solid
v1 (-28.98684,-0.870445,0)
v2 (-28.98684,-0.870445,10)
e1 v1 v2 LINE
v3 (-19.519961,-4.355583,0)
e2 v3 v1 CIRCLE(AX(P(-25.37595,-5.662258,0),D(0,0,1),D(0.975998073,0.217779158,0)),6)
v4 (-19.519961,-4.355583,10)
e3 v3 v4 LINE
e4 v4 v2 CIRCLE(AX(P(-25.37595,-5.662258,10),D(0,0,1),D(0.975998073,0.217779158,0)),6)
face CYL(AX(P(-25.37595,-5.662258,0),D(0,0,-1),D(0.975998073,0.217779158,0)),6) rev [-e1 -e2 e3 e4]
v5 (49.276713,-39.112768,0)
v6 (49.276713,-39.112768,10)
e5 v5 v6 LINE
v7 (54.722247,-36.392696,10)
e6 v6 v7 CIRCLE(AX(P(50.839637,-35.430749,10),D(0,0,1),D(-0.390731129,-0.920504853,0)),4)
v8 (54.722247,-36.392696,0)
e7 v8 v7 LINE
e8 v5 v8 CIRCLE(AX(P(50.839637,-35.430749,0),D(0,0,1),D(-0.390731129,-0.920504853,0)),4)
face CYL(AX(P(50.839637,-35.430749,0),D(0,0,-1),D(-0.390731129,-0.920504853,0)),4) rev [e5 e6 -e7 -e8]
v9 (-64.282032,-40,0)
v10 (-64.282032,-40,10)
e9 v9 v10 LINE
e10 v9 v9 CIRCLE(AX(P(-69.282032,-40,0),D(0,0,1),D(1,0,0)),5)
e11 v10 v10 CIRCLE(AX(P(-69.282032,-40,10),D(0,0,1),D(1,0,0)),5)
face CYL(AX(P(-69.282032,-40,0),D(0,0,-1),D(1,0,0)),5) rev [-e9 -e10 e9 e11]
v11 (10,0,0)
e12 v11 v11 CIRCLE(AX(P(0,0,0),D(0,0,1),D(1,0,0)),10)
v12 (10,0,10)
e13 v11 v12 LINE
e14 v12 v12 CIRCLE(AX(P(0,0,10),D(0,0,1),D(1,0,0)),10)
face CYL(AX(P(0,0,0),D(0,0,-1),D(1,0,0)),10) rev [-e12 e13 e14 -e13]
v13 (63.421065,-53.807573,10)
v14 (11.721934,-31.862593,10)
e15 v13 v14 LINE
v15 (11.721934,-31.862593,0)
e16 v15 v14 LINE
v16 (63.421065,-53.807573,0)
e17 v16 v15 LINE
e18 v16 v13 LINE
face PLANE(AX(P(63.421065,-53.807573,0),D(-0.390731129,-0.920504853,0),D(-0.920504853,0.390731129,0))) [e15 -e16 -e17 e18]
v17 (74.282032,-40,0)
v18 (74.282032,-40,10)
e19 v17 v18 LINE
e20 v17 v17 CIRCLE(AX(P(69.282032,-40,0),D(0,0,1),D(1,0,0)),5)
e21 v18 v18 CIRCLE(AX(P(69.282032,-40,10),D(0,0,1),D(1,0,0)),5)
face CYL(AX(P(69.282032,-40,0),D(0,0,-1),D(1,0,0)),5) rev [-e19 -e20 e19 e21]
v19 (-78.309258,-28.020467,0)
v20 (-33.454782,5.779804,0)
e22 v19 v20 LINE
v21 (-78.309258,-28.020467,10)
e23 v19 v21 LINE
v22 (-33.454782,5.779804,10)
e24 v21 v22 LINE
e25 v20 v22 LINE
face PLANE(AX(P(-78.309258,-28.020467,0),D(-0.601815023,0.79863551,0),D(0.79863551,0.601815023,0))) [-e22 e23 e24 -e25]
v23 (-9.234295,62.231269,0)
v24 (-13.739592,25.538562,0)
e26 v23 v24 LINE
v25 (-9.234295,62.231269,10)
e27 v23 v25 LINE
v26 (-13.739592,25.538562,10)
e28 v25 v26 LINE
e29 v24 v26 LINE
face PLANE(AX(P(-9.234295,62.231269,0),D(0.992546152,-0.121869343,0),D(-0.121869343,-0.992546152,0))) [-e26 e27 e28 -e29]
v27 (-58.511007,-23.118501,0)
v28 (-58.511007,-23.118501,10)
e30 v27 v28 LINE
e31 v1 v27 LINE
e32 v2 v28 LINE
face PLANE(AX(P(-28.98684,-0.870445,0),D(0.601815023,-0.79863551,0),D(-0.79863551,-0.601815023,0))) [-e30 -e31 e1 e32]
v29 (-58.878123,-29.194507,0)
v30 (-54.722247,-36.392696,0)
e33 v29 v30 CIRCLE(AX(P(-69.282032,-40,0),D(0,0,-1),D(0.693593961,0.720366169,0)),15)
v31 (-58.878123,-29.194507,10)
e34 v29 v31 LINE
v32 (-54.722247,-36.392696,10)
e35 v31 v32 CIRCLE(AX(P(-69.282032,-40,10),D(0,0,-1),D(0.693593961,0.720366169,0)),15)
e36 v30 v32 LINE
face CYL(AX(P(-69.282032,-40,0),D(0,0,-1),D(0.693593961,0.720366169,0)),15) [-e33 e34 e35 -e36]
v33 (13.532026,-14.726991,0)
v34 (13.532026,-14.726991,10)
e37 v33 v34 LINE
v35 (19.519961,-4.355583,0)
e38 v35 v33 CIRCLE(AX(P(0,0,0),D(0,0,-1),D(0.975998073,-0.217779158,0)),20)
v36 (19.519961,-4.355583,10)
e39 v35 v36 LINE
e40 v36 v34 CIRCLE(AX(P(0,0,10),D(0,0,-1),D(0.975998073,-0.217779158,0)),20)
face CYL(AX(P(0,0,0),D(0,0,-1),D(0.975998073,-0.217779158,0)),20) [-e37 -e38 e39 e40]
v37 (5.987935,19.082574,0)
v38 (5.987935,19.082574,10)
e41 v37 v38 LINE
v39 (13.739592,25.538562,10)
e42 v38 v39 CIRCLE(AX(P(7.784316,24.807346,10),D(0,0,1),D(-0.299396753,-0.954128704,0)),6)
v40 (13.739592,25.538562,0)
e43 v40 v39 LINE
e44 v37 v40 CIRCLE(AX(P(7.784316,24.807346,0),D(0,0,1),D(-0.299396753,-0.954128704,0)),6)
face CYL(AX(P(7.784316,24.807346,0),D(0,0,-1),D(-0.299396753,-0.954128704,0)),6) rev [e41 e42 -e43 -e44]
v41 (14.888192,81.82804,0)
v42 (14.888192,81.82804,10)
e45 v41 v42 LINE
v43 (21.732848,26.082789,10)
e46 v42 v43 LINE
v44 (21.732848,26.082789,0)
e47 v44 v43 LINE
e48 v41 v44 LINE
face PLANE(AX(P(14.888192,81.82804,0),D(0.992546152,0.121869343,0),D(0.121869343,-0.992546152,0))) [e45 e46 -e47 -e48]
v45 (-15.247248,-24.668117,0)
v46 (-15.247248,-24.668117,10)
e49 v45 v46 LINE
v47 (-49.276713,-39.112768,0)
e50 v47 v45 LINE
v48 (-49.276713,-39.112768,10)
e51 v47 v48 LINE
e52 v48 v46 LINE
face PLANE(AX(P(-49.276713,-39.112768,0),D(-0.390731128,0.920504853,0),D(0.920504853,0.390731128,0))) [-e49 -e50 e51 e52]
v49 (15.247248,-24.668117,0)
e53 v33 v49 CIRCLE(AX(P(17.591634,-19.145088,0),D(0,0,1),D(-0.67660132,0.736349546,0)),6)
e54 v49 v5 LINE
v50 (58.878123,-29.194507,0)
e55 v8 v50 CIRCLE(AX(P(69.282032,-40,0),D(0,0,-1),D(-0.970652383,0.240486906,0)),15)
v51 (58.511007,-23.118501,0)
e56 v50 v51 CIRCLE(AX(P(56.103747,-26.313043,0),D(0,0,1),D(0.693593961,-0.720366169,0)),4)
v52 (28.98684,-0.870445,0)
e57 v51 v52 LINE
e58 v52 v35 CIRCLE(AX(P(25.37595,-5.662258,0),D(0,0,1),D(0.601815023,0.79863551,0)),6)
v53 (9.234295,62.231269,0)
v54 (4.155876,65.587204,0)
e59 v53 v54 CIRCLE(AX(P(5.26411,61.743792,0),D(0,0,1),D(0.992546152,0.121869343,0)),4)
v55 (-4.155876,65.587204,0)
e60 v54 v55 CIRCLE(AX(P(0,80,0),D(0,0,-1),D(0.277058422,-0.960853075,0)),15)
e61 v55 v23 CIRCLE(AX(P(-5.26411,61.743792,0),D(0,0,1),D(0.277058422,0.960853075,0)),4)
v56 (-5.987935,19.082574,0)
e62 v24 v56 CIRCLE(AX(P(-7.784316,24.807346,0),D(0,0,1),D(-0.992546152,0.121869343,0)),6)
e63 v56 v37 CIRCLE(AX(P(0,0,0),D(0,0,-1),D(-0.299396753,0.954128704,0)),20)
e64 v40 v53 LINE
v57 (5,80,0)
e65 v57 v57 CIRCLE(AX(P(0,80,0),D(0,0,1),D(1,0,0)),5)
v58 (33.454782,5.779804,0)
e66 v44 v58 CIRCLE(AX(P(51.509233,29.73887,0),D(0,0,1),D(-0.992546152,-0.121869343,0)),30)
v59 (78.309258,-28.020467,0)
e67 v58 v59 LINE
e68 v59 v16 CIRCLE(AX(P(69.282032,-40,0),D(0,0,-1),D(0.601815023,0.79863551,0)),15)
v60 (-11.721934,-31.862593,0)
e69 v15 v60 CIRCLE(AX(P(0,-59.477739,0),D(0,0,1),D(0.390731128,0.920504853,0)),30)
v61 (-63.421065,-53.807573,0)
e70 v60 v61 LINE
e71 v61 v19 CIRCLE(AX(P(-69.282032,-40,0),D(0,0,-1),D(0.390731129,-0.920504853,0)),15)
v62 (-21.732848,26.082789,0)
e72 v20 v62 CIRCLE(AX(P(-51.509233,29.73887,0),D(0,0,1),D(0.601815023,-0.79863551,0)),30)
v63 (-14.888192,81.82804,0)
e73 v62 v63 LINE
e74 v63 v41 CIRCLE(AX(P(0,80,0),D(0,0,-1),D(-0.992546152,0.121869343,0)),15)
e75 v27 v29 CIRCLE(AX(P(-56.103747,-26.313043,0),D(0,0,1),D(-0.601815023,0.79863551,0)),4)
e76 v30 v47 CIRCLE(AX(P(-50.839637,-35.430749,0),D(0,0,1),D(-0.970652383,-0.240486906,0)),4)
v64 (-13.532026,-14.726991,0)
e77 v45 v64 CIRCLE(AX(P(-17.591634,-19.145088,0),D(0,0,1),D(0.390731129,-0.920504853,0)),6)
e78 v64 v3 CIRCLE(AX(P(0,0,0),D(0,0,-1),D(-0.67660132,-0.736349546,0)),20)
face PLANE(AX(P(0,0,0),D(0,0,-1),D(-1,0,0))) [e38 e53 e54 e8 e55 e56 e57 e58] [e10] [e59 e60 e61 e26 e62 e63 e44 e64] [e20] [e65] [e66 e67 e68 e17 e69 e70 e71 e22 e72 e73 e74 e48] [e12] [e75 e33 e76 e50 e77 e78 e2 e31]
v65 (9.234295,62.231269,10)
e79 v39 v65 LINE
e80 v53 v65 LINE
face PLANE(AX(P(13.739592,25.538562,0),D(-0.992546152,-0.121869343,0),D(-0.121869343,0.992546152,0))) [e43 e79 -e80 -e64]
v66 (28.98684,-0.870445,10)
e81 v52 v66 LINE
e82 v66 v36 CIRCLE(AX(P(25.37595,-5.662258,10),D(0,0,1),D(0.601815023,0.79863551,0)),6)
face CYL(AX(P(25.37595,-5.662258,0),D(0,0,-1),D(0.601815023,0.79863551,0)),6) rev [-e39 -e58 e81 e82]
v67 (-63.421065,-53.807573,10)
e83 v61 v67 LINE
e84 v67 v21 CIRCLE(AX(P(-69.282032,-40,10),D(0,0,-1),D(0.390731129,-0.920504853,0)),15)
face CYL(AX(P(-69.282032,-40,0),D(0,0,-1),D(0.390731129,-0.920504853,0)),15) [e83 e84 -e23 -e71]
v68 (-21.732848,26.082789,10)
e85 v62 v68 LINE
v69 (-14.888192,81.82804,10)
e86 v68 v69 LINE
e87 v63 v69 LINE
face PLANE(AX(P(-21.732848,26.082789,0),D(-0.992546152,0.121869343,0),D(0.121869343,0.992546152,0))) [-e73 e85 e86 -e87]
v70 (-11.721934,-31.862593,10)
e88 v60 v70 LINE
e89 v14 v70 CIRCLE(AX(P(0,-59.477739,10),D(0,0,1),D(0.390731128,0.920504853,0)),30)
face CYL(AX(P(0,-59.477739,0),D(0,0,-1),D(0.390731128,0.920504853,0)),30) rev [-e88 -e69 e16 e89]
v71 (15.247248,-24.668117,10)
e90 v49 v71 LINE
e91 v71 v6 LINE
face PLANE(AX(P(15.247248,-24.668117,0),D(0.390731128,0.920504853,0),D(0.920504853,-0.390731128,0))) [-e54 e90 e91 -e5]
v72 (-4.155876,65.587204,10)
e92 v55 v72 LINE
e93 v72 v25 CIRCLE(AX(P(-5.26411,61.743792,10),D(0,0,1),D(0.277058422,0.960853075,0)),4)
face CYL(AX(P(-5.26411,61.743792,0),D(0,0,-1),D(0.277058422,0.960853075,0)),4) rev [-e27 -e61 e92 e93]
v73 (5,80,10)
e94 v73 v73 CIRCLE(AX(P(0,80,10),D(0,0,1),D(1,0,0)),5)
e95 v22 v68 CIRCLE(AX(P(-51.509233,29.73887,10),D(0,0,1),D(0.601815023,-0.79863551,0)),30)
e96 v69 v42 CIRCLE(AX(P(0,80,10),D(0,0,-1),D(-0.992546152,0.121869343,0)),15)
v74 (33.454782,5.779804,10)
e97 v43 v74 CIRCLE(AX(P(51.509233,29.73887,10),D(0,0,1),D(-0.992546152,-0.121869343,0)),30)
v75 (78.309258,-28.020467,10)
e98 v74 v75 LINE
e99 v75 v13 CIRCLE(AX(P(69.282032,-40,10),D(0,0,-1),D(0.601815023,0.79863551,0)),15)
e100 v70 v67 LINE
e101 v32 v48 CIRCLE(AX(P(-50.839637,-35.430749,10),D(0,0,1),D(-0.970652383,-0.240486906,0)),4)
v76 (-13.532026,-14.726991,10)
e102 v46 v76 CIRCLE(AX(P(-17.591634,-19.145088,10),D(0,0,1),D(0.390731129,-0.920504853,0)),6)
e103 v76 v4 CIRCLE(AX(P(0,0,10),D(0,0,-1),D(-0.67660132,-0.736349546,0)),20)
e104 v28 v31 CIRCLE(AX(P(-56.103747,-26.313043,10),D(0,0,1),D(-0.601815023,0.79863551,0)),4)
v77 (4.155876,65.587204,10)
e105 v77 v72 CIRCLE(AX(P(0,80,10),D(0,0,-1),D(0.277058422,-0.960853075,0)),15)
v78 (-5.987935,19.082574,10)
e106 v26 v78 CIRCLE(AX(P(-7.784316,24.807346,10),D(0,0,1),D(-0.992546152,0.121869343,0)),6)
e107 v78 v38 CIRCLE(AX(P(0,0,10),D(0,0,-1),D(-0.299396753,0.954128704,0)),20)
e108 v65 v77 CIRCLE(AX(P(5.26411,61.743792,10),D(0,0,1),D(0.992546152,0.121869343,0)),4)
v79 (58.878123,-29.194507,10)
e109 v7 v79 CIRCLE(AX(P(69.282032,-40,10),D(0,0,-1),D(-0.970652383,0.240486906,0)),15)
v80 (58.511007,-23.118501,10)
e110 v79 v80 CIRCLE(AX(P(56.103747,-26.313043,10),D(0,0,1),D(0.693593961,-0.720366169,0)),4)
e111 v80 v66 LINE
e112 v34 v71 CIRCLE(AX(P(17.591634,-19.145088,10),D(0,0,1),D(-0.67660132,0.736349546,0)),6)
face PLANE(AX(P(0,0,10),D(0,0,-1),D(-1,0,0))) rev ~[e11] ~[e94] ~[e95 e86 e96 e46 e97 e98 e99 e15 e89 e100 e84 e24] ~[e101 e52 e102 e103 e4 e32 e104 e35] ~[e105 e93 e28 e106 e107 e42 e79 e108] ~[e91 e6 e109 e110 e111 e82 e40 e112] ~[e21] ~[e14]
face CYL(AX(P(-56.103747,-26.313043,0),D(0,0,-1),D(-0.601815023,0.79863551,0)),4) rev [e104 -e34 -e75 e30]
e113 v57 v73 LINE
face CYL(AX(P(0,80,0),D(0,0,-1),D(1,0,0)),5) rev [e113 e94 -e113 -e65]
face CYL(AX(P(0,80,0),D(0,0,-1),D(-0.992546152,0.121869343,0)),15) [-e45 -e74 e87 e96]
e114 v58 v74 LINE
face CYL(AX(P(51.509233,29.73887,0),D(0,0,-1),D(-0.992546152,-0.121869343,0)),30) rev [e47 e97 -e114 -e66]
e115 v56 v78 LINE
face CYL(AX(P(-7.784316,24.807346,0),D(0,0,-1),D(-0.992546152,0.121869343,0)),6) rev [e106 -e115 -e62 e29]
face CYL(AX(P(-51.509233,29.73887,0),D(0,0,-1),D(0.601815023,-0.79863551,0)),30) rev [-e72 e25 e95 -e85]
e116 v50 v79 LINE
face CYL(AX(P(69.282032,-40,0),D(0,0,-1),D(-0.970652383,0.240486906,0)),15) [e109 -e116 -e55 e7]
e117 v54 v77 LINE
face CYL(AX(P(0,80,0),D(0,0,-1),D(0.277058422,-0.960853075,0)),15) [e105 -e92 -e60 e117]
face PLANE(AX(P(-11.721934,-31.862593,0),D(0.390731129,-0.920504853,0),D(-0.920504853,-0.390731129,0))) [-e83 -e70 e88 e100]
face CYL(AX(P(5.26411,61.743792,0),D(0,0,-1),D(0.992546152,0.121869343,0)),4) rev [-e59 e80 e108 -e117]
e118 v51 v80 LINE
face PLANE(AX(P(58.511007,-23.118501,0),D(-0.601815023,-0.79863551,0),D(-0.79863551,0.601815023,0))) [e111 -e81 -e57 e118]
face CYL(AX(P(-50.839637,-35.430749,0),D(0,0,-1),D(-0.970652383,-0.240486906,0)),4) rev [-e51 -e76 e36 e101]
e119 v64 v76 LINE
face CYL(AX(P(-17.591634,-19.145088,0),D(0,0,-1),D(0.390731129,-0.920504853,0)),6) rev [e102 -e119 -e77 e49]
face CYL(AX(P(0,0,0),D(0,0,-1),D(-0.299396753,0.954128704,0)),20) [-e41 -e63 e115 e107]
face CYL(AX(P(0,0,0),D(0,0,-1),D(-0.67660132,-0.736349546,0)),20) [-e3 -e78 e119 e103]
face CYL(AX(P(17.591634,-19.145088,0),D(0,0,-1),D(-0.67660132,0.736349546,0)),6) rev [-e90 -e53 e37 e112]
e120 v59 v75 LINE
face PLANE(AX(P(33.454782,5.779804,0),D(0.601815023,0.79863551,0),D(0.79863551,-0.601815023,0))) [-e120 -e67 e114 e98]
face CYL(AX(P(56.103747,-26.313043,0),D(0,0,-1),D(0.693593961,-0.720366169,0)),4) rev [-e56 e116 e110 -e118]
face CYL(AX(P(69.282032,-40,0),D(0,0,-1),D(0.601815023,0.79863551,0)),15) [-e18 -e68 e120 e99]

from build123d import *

# Parameters (mm, degrees)
SKETCH1_R           = 5
SKETCH1_R_2         = 10
BOSS_EXTRUDE1_DEPTH = 10


with BuildPart() as part:
    # Sketch1 → Boss-Extrude1 (new body)
    with BuildSketch(Plane.XY):
        with BuildLine():
            ThreePointArc((-33.454782287, 5.779804226), (-25.528470868, 14.738869527), (-21.732848432, 26.082789225))
            Line((-21.732848432, 26.082789225), (-14.888192275, 81.828040151))
            ThreePointArc((-14.888192275, 81.828040151), (0, 95), (14.888192275, 81.828040151))
            Line((14.888192275, 81.828040151), (21.732848432, 26.082789225))
            ThreePointArc((21.732848432, 26.082789225), (25.528470868, 14.738869527), (33.454782287, 5.779804226))
            Line((33.454782287, 5.779804226), (78.30925765, -28.020467349))
            ThreePointArc((78.30925765, -28.020467349), (82.27241336, -47.5), (63.421065375, -53.807572802))
            Line((63.421065375, -53.807572802), (11.721933855, -31.862593451))
            ThreePointArc((11.721933855, -31.862593451), (0, -29.477739055), (-11.721933855, -31.862593451))
            Line((-11.721933855, -31.862593451), (-63.421065375, -53.807572802))
            ThreePointArc((-63.421065375, -53.807572802), (-82.27241336, -47.5), (-78.30925765, -28.020467349))
            Line((-78.30925765, -28.020467349), (-33.454782287, 5.779804226))
        make_face()
        with Locations((-69.282032303, -40)):
            Circle(SKETCH1_R, mode=Mode.SUBTRACT)
        with Locations((69.282032303, -40)):
            Circle(SKETCH1_R, mode=Mode.SUBTRACT)
        with Locations((0, 80)):
            Circle(SKETCH1_R, mode=Mode.SUBTRACT)
        Circle(SKETCH1_R_2, mode=Mode.SUBTRACT)
        with BuildLine():
            ThreePointArc((-4.155876324, 65.587203881), (-7.469391302, 65.0809662), (-9.234294617, 62.231268956))
            Line((-9.234294617, 62.231268956), (-13.739592483, 25.538562373))
            ThreePointArc((-13.739592483, 25.538562373), (-11.624113874, 20.196928868), (-5.987935057, 19.082574086))
            ThreePointArc((-5.987935057, 19.082574086), (0, 20), (5.987935057, 19.082574086))
            ThreePointArc((5.987935057, 19.082574086), (11.624113874, 20.196928868), (13.739592483, 25.538562373))
            Line((13.739592483, 25.538562373), (9.234294617, 62.231268956))
            ThreePointArc((9.234294617, 62.231268956), (7.469391302, 65.0809662), (4.155876324, 65.587203881))
            ThreePointArc((4.155876324, 65.587203881), (0, 65), (-4.155876324, 65.587203881))
        make_face(mode=Mode.SUBTRACT)
        with BuildLine():
            ThreePointArc((58.878122886, -29.194507469), (60.096465683, -26.071800482), (58.511007134, -23.118500753))
            Line((58.511007134, -23.118500753), (28.986840033, -0.870445058))
            ThreePointArc((28.986840033, -0.870445058), (23.303110415, -0.031686522), (19.519961457, -4.355583168))
            ThreePointArc((19.519961457, -4.355583168), (17.320508076, -10), (13.5320264, -14.726990918))
            ThreePointArc((13.5320264, -14.726990918), (11.678996541, -20.165242346), (15.247247549, -24.668117315))
            Line((15.247247549, -24.668117315), (49.276712517, -39.112768202))
            ThreePointArc((49.276712517, -39.112768202), (52.627074381, -39.009165718), (54.722246562, -36.392696412))
            ThreePointArc((54.722246562, -36.392696412), (56.291651246, -32.5), (58.878122886, -29.194507469))
        make_face(mode=Mode.SUBTRACT)
        with BuildLine():
            ThreePointArc((-54.722246562, -36.392696412), (-52.627074381, -39.009165718), (-49.276712517, -39.112768202))
            Line((-49.276712517, -39.112768202), (-15.247247549, -24.668117315))
            ThreePointArc((-15.247247549, -24.668117315), (-11.678996541, -20.165242346), (-13.5320264, -14.726990918))
            ThreePointArc((-13.5320264, -14.726990918), (-17.320508076, -10), (-19.519961457, -4.355583168))
            ThreePointArc((-19.519961457, -4.355583168), (-23.303110415, -0.031686522), (-28.986840033, -0.870445058))
            Line((-28.986840033, -0.870445058), (-58.511007134, -23.118500753))
            ThreePointArc((-58.511007134, -23.118500753), (-60.096465683, -26.071800482), (-58.878122886, -29.194507469))
            ThreePointArc((-58.878122886, -29.194507469), (-56.291651246, -32.5), (-54.722246562, -36.392696412))
        make_face(mode=Mode.SUBTRACT)
    extrude(amount=BOSS_EXTRUDE1_DEPTH)


solid = part.part
